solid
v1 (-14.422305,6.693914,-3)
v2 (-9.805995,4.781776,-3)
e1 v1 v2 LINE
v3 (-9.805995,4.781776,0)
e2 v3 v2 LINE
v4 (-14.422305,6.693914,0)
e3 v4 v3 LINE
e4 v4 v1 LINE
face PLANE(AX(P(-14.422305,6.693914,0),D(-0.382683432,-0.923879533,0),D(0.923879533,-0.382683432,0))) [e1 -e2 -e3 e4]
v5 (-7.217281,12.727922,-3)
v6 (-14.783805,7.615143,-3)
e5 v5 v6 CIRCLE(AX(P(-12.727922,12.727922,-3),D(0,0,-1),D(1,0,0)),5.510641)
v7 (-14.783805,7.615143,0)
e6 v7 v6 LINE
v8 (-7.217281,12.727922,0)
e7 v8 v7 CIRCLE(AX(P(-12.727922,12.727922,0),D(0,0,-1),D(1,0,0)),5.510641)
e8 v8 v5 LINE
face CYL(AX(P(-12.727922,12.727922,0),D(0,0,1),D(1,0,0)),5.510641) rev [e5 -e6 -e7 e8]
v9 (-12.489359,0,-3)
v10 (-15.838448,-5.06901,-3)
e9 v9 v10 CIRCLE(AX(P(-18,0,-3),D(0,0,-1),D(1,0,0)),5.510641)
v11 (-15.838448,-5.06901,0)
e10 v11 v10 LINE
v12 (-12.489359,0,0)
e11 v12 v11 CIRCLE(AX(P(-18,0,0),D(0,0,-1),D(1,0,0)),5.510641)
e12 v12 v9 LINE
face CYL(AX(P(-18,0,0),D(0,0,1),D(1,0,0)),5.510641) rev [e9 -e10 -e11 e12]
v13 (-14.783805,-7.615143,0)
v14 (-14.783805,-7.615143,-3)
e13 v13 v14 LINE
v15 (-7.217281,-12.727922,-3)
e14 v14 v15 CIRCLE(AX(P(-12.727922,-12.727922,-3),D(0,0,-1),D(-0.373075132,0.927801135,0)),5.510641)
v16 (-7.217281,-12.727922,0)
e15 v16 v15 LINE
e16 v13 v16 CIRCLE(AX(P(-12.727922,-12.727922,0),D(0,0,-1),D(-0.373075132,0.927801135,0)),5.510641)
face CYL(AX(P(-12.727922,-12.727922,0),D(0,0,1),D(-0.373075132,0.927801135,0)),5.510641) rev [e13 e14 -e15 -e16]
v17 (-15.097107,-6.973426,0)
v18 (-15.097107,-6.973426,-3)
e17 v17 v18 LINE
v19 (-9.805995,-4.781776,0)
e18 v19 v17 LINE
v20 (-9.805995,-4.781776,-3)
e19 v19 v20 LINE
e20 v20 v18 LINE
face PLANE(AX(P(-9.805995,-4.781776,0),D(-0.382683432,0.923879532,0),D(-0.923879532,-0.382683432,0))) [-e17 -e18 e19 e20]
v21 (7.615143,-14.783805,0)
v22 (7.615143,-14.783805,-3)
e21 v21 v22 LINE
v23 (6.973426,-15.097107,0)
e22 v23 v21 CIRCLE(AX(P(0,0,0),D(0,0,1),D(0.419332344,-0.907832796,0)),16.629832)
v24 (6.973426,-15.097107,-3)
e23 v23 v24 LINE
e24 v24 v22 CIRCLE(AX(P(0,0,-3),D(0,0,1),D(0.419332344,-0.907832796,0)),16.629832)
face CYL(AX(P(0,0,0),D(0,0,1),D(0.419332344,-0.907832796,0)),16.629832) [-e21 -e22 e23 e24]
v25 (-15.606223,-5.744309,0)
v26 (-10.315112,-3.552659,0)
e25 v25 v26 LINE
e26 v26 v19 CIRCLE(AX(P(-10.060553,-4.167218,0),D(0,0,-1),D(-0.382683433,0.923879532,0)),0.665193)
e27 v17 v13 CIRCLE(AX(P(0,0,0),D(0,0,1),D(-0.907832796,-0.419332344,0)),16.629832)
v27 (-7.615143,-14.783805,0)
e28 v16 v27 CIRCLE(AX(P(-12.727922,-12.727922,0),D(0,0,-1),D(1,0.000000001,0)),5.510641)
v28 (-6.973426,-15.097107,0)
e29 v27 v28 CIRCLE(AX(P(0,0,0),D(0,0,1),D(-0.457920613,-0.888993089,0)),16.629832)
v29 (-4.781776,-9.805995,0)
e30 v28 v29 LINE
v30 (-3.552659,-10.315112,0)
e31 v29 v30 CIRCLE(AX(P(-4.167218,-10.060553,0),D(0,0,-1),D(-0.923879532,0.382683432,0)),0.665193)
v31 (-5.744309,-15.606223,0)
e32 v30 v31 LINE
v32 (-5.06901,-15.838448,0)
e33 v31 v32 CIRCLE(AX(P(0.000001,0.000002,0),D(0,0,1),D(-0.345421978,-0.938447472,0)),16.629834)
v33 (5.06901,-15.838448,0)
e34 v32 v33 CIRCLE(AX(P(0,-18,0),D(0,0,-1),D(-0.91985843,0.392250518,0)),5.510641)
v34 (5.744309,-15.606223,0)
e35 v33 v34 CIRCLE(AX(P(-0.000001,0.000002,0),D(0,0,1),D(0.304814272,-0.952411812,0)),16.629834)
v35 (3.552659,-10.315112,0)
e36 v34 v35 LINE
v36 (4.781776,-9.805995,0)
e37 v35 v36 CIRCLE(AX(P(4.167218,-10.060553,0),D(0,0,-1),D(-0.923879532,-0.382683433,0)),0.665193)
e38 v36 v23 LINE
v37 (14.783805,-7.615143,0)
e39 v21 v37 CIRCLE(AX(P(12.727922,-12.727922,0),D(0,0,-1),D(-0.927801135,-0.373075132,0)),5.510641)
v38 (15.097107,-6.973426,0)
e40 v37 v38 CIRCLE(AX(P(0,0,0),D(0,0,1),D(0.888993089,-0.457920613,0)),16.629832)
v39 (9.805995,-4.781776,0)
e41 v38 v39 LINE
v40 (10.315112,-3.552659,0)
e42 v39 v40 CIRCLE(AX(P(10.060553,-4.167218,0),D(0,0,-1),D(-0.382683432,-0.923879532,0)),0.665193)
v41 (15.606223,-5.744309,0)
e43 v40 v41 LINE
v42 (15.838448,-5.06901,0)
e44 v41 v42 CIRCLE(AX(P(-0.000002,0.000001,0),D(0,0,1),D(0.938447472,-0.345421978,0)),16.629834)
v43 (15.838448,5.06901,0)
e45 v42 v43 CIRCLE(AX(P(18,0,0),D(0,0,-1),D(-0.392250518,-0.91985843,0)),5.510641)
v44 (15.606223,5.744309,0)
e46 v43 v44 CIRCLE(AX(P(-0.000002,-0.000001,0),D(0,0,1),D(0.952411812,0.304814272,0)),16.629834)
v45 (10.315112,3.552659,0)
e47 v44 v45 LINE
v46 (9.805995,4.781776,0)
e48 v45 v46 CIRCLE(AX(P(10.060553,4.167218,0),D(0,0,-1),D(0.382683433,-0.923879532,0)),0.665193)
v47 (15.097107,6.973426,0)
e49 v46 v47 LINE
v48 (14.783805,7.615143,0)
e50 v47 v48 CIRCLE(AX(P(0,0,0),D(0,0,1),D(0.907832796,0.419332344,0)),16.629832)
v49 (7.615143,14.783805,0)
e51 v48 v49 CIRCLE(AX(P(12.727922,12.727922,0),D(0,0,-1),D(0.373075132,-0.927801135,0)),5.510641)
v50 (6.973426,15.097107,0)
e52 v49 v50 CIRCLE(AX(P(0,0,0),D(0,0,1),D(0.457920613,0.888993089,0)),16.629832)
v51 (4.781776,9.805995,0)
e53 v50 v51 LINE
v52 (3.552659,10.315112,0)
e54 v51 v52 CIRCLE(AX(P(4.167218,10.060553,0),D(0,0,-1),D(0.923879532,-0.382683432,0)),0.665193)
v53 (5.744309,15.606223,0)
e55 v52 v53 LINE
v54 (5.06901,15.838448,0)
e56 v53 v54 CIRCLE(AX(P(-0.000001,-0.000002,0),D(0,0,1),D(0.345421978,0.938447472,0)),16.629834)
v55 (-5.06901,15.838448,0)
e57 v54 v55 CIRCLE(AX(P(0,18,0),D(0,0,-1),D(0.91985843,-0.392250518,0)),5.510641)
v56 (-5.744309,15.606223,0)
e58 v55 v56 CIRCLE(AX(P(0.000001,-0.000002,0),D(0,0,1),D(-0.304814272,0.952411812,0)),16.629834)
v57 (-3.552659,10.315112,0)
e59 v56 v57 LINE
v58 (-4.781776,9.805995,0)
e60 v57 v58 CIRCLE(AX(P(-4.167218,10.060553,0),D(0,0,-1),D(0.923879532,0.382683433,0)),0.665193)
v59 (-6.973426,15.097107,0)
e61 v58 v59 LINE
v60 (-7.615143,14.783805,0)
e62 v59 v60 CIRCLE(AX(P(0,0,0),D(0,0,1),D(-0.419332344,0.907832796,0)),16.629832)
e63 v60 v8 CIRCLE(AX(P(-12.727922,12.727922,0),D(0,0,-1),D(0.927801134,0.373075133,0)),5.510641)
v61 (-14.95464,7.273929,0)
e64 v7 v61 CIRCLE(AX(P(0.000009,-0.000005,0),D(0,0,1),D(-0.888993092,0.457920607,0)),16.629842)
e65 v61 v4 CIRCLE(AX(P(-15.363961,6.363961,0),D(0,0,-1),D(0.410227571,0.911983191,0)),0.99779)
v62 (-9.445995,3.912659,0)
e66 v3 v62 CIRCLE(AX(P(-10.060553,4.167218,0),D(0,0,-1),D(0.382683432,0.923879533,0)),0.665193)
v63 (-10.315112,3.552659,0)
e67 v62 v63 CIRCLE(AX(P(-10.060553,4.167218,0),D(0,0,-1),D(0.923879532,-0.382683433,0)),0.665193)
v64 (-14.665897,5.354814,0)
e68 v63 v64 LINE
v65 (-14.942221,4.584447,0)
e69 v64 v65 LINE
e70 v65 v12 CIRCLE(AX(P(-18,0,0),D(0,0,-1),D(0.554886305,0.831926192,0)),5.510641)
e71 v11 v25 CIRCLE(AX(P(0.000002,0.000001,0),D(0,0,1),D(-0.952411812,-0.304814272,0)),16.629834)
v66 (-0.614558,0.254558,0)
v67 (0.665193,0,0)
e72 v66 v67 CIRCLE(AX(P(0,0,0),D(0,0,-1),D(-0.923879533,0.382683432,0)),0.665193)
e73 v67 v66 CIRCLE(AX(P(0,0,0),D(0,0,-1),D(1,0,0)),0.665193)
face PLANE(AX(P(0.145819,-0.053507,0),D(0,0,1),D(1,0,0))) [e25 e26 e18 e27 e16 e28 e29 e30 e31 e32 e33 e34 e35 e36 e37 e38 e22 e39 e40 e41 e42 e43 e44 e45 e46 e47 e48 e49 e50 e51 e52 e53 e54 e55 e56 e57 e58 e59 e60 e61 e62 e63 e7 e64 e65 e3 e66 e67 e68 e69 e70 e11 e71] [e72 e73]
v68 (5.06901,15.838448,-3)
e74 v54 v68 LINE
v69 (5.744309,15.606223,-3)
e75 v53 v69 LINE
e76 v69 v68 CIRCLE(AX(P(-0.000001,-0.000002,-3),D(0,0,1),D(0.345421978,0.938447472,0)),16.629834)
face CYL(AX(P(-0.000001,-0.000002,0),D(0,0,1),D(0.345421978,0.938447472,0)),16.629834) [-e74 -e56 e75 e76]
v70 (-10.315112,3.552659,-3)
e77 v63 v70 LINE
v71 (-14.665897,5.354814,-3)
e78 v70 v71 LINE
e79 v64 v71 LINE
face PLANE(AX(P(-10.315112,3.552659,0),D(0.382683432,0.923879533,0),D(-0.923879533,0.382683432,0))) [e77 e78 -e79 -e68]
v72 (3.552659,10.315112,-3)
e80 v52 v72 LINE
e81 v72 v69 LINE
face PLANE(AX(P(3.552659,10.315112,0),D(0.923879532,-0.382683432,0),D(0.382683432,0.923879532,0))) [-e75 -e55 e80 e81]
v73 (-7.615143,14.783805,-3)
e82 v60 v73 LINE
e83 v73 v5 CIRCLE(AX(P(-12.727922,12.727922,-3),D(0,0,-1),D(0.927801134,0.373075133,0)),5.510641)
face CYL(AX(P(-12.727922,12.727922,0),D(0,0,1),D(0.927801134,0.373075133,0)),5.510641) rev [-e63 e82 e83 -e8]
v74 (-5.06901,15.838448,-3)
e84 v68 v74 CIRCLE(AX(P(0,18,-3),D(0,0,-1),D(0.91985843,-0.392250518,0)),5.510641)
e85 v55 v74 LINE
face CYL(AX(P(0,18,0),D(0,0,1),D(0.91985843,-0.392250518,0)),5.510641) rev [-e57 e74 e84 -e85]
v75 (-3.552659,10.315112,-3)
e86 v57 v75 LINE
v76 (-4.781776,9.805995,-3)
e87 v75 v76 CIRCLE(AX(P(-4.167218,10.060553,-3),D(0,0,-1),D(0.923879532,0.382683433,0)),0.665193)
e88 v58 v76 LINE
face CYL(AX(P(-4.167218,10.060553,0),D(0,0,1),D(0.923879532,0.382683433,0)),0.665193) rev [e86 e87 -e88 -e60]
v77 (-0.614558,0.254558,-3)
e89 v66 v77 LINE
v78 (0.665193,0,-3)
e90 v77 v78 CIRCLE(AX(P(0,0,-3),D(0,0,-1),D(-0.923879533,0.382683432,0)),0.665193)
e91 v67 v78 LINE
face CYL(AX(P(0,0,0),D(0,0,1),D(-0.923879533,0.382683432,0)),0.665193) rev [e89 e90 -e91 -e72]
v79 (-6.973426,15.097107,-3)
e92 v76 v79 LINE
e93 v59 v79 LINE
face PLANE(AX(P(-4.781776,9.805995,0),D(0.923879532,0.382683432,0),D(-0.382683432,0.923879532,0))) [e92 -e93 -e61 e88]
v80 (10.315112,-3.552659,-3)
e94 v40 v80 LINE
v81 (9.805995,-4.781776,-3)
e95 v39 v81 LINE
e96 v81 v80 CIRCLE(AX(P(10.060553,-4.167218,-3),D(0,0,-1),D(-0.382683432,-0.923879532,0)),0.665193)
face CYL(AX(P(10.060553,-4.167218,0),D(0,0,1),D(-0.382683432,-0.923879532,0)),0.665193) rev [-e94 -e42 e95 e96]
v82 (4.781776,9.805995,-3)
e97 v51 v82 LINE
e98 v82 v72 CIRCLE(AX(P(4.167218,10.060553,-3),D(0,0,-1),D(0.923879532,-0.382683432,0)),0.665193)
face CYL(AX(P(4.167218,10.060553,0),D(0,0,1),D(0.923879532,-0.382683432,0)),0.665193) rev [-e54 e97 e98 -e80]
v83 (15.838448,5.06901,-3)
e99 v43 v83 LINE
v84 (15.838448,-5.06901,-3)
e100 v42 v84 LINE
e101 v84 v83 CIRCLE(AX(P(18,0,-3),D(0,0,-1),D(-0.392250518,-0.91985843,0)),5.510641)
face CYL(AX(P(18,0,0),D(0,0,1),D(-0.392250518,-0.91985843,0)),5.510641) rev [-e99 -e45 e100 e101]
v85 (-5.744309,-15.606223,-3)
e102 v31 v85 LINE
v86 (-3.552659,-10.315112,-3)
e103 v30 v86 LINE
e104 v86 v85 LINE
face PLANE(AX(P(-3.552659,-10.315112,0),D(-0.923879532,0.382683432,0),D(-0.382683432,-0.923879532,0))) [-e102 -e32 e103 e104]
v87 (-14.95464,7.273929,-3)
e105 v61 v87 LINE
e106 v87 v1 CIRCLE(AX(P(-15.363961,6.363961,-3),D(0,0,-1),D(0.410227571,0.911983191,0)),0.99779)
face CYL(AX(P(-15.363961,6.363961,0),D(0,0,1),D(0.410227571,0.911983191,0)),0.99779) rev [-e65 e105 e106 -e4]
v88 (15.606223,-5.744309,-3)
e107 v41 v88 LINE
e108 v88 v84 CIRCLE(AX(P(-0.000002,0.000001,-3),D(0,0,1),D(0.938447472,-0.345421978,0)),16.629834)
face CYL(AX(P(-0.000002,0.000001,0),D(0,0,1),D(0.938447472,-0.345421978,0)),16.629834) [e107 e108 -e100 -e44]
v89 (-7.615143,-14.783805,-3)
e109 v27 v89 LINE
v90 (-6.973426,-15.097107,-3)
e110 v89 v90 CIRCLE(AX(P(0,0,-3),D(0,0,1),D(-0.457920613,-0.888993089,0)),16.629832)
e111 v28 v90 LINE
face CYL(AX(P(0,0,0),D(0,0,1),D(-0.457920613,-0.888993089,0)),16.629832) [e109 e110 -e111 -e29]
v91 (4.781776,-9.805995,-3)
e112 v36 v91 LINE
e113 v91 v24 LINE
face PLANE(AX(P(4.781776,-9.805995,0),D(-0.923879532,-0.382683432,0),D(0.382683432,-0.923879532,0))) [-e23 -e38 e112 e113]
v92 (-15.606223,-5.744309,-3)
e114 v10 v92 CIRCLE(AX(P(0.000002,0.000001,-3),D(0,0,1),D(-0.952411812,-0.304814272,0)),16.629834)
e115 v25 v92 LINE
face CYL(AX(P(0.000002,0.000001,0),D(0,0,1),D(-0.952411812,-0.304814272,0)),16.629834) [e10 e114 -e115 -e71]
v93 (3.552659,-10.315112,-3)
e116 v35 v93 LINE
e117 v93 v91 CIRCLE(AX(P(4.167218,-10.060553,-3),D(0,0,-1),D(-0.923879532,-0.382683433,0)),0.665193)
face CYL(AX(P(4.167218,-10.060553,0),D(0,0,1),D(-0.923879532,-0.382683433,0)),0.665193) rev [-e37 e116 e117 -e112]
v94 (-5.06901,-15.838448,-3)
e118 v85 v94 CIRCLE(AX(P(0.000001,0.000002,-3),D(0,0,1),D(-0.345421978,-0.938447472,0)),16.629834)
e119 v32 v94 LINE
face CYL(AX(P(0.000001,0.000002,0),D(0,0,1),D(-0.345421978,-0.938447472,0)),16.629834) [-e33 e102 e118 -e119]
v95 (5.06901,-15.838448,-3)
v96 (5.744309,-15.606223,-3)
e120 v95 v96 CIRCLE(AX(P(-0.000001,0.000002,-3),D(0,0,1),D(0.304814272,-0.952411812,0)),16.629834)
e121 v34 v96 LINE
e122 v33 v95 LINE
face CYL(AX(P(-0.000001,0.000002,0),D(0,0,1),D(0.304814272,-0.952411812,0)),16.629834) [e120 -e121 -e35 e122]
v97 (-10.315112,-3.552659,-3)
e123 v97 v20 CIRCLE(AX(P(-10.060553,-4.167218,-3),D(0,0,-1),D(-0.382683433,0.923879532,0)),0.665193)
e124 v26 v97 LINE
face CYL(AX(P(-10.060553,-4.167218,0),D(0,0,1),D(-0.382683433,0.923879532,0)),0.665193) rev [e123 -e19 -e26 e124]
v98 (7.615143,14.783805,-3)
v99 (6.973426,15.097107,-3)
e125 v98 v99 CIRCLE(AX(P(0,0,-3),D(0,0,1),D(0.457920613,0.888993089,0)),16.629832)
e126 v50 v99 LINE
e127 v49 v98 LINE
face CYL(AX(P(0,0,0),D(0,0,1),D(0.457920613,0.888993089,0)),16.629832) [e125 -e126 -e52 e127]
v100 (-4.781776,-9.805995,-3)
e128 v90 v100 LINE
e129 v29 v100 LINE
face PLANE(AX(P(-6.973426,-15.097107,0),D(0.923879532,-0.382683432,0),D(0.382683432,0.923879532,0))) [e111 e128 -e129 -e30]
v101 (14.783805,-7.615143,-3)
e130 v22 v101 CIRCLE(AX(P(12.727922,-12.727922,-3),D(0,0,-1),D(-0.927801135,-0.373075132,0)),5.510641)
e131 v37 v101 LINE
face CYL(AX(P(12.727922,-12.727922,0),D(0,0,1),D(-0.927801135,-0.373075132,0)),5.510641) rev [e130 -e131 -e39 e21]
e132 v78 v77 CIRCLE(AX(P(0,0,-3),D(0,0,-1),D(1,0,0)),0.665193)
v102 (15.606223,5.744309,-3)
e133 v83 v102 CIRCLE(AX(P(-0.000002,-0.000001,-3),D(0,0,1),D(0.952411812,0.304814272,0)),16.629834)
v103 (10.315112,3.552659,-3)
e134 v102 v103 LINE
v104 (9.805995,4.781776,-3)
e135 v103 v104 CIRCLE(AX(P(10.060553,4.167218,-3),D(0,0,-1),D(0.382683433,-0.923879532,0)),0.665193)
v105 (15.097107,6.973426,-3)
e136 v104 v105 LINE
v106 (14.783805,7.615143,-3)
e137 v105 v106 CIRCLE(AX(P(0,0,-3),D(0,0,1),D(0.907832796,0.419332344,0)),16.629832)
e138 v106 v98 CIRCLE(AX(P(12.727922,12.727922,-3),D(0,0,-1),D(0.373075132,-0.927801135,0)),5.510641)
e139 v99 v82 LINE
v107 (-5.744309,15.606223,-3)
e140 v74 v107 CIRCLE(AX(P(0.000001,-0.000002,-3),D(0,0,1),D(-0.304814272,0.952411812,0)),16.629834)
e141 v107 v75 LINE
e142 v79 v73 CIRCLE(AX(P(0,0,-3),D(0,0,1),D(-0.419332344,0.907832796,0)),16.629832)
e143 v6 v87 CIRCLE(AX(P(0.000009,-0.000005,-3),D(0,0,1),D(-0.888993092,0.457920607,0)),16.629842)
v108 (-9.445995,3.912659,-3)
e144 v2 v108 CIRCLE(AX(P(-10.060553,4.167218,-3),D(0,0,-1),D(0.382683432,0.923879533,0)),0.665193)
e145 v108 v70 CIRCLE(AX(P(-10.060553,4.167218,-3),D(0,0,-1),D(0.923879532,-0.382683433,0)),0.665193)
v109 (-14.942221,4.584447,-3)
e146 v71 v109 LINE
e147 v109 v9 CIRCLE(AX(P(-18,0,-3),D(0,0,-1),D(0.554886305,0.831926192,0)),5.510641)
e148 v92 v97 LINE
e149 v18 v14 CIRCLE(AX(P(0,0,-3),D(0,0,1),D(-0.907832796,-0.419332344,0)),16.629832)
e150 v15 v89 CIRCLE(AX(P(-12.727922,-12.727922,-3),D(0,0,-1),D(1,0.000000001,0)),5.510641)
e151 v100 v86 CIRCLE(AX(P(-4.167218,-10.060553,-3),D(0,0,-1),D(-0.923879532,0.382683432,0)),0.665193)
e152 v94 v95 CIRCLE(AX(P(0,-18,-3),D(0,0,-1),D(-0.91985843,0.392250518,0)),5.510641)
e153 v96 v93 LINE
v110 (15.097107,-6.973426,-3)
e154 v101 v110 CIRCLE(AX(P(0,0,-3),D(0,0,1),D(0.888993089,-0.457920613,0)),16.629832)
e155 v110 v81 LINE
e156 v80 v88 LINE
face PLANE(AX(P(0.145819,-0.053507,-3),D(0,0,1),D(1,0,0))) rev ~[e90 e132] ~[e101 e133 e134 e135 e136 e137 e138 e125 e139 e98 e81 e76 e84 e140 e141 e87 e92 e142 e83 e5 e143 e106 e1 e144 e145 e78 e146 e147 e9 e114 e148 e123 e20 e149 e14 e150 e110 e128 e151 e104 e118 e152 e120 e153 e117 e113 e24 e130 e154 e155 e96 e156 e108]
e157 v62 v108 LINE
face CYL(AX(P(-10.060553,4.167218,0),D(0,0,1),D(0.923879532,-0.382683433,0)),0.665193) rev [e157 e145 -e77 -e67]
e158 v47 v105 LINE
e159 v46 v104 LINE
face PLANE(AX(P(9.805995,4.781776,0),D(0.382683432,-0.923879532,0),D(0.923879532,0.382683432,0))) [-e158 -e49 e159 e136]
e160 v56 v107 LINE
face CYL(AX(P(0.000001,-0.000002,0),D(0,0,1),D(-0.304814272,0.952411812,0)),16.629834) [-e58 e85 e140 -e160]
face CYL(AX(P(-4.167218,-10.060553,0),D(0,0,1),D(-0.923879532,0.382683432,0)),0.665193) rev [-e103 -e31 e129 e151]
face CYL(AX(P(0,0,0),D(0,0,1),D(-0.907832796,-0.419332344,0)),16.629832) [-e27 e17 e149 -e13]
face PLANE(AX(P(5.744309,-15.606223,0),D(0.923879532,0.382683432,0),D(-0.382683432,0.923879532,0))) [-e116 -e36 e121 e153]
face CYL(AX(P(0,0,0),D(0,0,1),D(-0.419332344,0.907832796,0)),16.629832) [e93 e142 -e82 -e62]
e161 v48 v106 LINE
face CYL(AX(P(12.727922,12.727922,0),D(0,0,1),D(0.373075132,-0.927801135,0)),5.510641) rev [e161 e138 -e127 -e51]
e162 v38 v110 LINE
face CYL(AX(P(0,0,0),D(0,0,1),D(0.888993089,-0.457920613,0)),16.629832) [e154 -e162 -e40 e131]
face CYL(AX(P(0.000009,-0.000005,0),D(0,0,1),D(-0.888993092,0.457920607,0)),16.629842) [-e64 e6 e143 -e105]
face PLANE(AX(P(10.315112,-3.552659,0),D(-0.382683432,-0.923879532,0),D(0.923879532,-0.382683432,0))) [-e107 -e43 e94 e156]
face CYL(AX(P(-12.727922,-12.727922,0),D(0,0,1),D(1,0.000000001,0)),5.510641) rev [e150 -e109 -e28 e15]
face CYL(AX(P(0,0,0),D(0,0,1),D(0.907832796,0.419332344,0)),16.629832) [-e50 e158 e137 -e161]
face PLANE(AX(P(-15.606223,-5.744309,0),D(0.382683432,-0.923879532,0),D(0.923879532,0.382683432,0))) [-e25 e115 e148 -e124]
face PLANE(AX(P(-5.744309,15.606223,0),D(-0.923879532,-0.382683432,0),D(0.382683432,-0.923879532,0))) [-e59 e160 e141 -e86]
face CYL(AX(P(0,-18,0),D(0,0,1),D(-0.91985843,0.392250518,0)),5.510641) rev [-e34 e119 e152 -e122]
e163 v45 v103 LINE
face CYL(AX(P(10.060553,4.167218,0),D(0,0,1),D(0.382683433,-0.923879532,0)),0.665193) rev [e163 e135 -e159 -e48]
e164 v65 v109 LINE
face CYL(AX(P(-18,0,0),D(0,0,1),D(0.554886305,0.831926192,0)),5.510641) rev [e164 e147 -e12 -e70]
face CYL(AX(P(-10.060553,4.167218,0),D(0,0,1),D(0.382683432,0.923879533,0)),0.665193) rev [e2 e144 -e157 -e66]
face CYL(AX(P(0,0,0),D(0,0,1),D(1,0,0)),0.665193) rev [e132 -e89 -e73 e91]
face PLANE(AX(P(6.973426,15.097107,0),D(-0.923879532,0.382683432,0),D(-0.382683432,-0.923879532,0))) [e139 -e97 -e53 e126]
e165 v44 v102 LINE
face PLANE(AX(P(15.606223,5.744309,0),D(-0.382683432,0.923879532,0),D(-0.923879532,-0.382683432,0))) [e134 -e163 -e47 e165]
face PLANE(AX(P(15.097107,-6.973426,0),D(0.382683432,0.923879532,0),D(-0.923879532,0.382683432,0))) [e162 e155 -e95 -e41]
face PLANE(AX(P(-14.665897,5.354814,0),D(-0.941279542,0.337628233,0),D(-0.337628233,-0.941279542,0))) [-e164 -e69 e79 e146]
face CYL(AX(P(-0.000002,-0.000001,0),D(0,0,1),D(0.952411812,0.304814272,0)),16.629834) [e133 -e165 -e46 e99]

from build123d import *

# Parameters (mm, degrees)
SALIENTE_EXTRUIR1_DEPTH = 3


with BuildPart() as part:
    # Croquis1 → Saliente-Extruir1 (new body)
    with BuildSketch(Plane.XY):
        with BuildLine():
            ThreePointArc((-9.805994702, 4.781775998), (-9.445994702, 4.421775998), (-9.445994702, 3.912659116))
            ThreePointArc((-9.445994702, 3.912659116), (-9.805994702, 3.552659116), (-10.315111585, 3.552659116))
            Line((-10.315111585, 3.552659116), (-14.665897198, 5.354813524))
            Line((-14.665897198, 5.354813524), (-14.942220541, 4.584446936))
            ThreePointArc((-14.942220541, 4.584446936), (-13.141116636, 2.599696402), (-12.489358574, 0))
            ThreePointArc((-12.489358574, 0), (-13.40224475, -3.037731981), (-15.838448045, -5.06900997))
            ThreePointArc((-15.838448045, -5.06900997), (-15.725960944, -5.407906335), (-15.606223383, -5.744309383))
            Line((-15.606223383, -5.744309383), (-10.315111585, -3.552659116))
            ThreePointArc((-10.315111585, -3.552659116), (-9.445994702, -3.912659116), (-9.805994702, -4.781775998))
            Line((-9.805994702, -4.781775998), (-15.0971065, -6.973426265))
            ThreePointArc((-15.0971065, -6.973426265), (-14.943900866, -7.295966383), (-14.78380534, -7.615142693))
            ThreePointArc((-14.78380534, -7.615142693), (-9.642639792, -8.161938898), (-7.217280635, -12.727922061))
            ThreePointArc((-7.217280635, -12.727922061), (-7.317660389, -13.774935704), (-7.615142693, -14.78380534))
            ThreePointArc((-7.615142693, -14.78380534), (-7.295966383, -14.943900866), (-6.973426265, -15.0971065))
            Line((-6.973426265, -15.0971065), (-4.781775998, -9.805994702))
            ThreePointArc((-4.781775998, -9.805994702), (-3.912659116, -9.445994702), (-3.552659116, -10.315111585))
            Line((-3.552659116, -10.315111585), (-5.744309383, -15.606223383))
            ThreePointArc((-5.744309383, -15.606223383), (-5.407906335, -15.725960944), (-5.06900997, -15.838448045))
            ThreePointArc((-5.06900997, -15.838448045), (0, -12.489358574), (5.06900997, -15.838448045))
            ThreePointArc((5.06900997, -15.838448045), (5.407906335, -15.725960944), (5.744309383, -15.606223383))
            Line((5.744309383, -15.606223383), (3.552659116, -10.315111585))
            ThreePointArc((3.552659116, -10.315111585), (3.912659116, -9.445994702), (4.781775998, -9.805994702))
            Line((4.781775998, -9.805994702), (6.973426265, -15.0971065))
            ThreePointArc((6.973426265, -15.0971065), (7.295966383, -14.943900866), (7.615142693, -14.78380534))
            ThreePointArc((7.615142693, -14.78380534), (8.83131014, -8.83131014), (14.78380534, -7.615142693))
            ThreePointArc((14.78380534, -7.615142693), (14.943900866, -7.295966383), (15.0971065, -6.973426265))
            Line((15.0971065, -6.973426265), (9.805994702, -4.781775998))
            ThreePointArc((9.805994702, -4.781775998), (9.445994702, -3.912659116), (10.315111585, -3.552659116))
            Line((10.315111585, -3.552659116), (15.606223383, -5.744309383))
            ThreePointArc((15.606223383, -5.744309383), (15.725960944, -5.407906335), (15.838448045, -5.06900997))
            ThreePointArc((15.838448045, -5.06900997), (12.489358574, 0), (15.838448045, 5.06900997))
            ThreePointArc((15.838448045, 5.06900997), (15.725960944, 5.407906335), (15.606223383, 5.744309383))
            Line((15.606223383, 5.744309383), (10.315111585, 3.552659116))
            ThreePointArc((10.315111585, 3.552659116), (9.445994702, 3.912659116), (9.805994702, 4.781775998))
            Line((9.805994702, 4.781775998), (15.0971065, 6.973426265))
            ThreePointArc((15.0971065, 6.973426265), (14.943900866, 7.295966383), (14.78380534, 7.615142693))
            ThreePointArc((14.78380534, 7.615142693), (8.83131014, 8.83131014), (7.615142693, 14.78380534))
            ThreePointArc((7.615142693, 14.78380534), (7.295966383, 14.943900866), (6.973426265, 15.0971065))
            Line((6.973426265, 15.0971065), (4.781775998, 9.805994702))
            ThreePointArc((4.781775998, 9.805994702), (3.912659116, 9.445994702), (3.552659116, 10.315111585))
            Line((3.552659116, 10.315111585), (5.744309383, 15.606223383))
            ThreePointArc((5.744309383, 15.606223383), (5.407906335, 15.725960944), (5.06900997, 15.838448045))
            ThreePointArc((5.06900997, 15.838448045), (0, 12.489358574), (-5.06900997, 15.838448045))
            ThreePointArc((-5.06900997, 15.838448045), (-5.407906335, 15.725960944), (-5.744309383, 15.606223383))
            Line((-5.744309383, 15.606223383), (-3.552659116, 10.315111585))
            ThreePointArc((-3.552659116, 10.315111585), (-3.912659116, 9.445994702), (-4.781775998, 9.805994702))
            Line((-4.781775998, 9.805994702), (-6.973426265, 15.0971065))
            ThreePointArc((-6.973426265, 15.0971065), (-7.295966383, 14.943900866), (-7.615142693, 14.78380534))
            ThreePointArc((-7.615142693, 14.78380534), (-7.317660389, 13.774935704), (-7.217280635, 12.727922061))
            ThreePointArc((-7.217280635, 12.727922061), (-9.642639792, 8.161938898), (-14.78380534, 7.615142693))
            ThreePointArc((-14.78380534, 7.615142693), (-14.870201448, 7.445025684), (-14.954640105, 7.273928642))
            ThreePointArc((-14.954640105, 7.273928642), (-14.628849784, 7.038643274), (-14.422305364, 6.693914482))
            Line((-14.422305364, 6.693914482), (-9.805994702, 4.781775998))
        make_face()
        with BuildLine():
            ThreePointArc((0.665193263, 0), (-0.129772768, -0.652411761), (-0.614558441, 0.254558441))
            ThreePointArc((-0.614558441, 0.254558441), (0.129772768, 0.652411761), (0.665193263, 0))
        make_face(mode=Mode.SUBTRACT)
    extrude(amount=-SALIENTE_EXTRUIR1_DEPTH)


solid = part.part
